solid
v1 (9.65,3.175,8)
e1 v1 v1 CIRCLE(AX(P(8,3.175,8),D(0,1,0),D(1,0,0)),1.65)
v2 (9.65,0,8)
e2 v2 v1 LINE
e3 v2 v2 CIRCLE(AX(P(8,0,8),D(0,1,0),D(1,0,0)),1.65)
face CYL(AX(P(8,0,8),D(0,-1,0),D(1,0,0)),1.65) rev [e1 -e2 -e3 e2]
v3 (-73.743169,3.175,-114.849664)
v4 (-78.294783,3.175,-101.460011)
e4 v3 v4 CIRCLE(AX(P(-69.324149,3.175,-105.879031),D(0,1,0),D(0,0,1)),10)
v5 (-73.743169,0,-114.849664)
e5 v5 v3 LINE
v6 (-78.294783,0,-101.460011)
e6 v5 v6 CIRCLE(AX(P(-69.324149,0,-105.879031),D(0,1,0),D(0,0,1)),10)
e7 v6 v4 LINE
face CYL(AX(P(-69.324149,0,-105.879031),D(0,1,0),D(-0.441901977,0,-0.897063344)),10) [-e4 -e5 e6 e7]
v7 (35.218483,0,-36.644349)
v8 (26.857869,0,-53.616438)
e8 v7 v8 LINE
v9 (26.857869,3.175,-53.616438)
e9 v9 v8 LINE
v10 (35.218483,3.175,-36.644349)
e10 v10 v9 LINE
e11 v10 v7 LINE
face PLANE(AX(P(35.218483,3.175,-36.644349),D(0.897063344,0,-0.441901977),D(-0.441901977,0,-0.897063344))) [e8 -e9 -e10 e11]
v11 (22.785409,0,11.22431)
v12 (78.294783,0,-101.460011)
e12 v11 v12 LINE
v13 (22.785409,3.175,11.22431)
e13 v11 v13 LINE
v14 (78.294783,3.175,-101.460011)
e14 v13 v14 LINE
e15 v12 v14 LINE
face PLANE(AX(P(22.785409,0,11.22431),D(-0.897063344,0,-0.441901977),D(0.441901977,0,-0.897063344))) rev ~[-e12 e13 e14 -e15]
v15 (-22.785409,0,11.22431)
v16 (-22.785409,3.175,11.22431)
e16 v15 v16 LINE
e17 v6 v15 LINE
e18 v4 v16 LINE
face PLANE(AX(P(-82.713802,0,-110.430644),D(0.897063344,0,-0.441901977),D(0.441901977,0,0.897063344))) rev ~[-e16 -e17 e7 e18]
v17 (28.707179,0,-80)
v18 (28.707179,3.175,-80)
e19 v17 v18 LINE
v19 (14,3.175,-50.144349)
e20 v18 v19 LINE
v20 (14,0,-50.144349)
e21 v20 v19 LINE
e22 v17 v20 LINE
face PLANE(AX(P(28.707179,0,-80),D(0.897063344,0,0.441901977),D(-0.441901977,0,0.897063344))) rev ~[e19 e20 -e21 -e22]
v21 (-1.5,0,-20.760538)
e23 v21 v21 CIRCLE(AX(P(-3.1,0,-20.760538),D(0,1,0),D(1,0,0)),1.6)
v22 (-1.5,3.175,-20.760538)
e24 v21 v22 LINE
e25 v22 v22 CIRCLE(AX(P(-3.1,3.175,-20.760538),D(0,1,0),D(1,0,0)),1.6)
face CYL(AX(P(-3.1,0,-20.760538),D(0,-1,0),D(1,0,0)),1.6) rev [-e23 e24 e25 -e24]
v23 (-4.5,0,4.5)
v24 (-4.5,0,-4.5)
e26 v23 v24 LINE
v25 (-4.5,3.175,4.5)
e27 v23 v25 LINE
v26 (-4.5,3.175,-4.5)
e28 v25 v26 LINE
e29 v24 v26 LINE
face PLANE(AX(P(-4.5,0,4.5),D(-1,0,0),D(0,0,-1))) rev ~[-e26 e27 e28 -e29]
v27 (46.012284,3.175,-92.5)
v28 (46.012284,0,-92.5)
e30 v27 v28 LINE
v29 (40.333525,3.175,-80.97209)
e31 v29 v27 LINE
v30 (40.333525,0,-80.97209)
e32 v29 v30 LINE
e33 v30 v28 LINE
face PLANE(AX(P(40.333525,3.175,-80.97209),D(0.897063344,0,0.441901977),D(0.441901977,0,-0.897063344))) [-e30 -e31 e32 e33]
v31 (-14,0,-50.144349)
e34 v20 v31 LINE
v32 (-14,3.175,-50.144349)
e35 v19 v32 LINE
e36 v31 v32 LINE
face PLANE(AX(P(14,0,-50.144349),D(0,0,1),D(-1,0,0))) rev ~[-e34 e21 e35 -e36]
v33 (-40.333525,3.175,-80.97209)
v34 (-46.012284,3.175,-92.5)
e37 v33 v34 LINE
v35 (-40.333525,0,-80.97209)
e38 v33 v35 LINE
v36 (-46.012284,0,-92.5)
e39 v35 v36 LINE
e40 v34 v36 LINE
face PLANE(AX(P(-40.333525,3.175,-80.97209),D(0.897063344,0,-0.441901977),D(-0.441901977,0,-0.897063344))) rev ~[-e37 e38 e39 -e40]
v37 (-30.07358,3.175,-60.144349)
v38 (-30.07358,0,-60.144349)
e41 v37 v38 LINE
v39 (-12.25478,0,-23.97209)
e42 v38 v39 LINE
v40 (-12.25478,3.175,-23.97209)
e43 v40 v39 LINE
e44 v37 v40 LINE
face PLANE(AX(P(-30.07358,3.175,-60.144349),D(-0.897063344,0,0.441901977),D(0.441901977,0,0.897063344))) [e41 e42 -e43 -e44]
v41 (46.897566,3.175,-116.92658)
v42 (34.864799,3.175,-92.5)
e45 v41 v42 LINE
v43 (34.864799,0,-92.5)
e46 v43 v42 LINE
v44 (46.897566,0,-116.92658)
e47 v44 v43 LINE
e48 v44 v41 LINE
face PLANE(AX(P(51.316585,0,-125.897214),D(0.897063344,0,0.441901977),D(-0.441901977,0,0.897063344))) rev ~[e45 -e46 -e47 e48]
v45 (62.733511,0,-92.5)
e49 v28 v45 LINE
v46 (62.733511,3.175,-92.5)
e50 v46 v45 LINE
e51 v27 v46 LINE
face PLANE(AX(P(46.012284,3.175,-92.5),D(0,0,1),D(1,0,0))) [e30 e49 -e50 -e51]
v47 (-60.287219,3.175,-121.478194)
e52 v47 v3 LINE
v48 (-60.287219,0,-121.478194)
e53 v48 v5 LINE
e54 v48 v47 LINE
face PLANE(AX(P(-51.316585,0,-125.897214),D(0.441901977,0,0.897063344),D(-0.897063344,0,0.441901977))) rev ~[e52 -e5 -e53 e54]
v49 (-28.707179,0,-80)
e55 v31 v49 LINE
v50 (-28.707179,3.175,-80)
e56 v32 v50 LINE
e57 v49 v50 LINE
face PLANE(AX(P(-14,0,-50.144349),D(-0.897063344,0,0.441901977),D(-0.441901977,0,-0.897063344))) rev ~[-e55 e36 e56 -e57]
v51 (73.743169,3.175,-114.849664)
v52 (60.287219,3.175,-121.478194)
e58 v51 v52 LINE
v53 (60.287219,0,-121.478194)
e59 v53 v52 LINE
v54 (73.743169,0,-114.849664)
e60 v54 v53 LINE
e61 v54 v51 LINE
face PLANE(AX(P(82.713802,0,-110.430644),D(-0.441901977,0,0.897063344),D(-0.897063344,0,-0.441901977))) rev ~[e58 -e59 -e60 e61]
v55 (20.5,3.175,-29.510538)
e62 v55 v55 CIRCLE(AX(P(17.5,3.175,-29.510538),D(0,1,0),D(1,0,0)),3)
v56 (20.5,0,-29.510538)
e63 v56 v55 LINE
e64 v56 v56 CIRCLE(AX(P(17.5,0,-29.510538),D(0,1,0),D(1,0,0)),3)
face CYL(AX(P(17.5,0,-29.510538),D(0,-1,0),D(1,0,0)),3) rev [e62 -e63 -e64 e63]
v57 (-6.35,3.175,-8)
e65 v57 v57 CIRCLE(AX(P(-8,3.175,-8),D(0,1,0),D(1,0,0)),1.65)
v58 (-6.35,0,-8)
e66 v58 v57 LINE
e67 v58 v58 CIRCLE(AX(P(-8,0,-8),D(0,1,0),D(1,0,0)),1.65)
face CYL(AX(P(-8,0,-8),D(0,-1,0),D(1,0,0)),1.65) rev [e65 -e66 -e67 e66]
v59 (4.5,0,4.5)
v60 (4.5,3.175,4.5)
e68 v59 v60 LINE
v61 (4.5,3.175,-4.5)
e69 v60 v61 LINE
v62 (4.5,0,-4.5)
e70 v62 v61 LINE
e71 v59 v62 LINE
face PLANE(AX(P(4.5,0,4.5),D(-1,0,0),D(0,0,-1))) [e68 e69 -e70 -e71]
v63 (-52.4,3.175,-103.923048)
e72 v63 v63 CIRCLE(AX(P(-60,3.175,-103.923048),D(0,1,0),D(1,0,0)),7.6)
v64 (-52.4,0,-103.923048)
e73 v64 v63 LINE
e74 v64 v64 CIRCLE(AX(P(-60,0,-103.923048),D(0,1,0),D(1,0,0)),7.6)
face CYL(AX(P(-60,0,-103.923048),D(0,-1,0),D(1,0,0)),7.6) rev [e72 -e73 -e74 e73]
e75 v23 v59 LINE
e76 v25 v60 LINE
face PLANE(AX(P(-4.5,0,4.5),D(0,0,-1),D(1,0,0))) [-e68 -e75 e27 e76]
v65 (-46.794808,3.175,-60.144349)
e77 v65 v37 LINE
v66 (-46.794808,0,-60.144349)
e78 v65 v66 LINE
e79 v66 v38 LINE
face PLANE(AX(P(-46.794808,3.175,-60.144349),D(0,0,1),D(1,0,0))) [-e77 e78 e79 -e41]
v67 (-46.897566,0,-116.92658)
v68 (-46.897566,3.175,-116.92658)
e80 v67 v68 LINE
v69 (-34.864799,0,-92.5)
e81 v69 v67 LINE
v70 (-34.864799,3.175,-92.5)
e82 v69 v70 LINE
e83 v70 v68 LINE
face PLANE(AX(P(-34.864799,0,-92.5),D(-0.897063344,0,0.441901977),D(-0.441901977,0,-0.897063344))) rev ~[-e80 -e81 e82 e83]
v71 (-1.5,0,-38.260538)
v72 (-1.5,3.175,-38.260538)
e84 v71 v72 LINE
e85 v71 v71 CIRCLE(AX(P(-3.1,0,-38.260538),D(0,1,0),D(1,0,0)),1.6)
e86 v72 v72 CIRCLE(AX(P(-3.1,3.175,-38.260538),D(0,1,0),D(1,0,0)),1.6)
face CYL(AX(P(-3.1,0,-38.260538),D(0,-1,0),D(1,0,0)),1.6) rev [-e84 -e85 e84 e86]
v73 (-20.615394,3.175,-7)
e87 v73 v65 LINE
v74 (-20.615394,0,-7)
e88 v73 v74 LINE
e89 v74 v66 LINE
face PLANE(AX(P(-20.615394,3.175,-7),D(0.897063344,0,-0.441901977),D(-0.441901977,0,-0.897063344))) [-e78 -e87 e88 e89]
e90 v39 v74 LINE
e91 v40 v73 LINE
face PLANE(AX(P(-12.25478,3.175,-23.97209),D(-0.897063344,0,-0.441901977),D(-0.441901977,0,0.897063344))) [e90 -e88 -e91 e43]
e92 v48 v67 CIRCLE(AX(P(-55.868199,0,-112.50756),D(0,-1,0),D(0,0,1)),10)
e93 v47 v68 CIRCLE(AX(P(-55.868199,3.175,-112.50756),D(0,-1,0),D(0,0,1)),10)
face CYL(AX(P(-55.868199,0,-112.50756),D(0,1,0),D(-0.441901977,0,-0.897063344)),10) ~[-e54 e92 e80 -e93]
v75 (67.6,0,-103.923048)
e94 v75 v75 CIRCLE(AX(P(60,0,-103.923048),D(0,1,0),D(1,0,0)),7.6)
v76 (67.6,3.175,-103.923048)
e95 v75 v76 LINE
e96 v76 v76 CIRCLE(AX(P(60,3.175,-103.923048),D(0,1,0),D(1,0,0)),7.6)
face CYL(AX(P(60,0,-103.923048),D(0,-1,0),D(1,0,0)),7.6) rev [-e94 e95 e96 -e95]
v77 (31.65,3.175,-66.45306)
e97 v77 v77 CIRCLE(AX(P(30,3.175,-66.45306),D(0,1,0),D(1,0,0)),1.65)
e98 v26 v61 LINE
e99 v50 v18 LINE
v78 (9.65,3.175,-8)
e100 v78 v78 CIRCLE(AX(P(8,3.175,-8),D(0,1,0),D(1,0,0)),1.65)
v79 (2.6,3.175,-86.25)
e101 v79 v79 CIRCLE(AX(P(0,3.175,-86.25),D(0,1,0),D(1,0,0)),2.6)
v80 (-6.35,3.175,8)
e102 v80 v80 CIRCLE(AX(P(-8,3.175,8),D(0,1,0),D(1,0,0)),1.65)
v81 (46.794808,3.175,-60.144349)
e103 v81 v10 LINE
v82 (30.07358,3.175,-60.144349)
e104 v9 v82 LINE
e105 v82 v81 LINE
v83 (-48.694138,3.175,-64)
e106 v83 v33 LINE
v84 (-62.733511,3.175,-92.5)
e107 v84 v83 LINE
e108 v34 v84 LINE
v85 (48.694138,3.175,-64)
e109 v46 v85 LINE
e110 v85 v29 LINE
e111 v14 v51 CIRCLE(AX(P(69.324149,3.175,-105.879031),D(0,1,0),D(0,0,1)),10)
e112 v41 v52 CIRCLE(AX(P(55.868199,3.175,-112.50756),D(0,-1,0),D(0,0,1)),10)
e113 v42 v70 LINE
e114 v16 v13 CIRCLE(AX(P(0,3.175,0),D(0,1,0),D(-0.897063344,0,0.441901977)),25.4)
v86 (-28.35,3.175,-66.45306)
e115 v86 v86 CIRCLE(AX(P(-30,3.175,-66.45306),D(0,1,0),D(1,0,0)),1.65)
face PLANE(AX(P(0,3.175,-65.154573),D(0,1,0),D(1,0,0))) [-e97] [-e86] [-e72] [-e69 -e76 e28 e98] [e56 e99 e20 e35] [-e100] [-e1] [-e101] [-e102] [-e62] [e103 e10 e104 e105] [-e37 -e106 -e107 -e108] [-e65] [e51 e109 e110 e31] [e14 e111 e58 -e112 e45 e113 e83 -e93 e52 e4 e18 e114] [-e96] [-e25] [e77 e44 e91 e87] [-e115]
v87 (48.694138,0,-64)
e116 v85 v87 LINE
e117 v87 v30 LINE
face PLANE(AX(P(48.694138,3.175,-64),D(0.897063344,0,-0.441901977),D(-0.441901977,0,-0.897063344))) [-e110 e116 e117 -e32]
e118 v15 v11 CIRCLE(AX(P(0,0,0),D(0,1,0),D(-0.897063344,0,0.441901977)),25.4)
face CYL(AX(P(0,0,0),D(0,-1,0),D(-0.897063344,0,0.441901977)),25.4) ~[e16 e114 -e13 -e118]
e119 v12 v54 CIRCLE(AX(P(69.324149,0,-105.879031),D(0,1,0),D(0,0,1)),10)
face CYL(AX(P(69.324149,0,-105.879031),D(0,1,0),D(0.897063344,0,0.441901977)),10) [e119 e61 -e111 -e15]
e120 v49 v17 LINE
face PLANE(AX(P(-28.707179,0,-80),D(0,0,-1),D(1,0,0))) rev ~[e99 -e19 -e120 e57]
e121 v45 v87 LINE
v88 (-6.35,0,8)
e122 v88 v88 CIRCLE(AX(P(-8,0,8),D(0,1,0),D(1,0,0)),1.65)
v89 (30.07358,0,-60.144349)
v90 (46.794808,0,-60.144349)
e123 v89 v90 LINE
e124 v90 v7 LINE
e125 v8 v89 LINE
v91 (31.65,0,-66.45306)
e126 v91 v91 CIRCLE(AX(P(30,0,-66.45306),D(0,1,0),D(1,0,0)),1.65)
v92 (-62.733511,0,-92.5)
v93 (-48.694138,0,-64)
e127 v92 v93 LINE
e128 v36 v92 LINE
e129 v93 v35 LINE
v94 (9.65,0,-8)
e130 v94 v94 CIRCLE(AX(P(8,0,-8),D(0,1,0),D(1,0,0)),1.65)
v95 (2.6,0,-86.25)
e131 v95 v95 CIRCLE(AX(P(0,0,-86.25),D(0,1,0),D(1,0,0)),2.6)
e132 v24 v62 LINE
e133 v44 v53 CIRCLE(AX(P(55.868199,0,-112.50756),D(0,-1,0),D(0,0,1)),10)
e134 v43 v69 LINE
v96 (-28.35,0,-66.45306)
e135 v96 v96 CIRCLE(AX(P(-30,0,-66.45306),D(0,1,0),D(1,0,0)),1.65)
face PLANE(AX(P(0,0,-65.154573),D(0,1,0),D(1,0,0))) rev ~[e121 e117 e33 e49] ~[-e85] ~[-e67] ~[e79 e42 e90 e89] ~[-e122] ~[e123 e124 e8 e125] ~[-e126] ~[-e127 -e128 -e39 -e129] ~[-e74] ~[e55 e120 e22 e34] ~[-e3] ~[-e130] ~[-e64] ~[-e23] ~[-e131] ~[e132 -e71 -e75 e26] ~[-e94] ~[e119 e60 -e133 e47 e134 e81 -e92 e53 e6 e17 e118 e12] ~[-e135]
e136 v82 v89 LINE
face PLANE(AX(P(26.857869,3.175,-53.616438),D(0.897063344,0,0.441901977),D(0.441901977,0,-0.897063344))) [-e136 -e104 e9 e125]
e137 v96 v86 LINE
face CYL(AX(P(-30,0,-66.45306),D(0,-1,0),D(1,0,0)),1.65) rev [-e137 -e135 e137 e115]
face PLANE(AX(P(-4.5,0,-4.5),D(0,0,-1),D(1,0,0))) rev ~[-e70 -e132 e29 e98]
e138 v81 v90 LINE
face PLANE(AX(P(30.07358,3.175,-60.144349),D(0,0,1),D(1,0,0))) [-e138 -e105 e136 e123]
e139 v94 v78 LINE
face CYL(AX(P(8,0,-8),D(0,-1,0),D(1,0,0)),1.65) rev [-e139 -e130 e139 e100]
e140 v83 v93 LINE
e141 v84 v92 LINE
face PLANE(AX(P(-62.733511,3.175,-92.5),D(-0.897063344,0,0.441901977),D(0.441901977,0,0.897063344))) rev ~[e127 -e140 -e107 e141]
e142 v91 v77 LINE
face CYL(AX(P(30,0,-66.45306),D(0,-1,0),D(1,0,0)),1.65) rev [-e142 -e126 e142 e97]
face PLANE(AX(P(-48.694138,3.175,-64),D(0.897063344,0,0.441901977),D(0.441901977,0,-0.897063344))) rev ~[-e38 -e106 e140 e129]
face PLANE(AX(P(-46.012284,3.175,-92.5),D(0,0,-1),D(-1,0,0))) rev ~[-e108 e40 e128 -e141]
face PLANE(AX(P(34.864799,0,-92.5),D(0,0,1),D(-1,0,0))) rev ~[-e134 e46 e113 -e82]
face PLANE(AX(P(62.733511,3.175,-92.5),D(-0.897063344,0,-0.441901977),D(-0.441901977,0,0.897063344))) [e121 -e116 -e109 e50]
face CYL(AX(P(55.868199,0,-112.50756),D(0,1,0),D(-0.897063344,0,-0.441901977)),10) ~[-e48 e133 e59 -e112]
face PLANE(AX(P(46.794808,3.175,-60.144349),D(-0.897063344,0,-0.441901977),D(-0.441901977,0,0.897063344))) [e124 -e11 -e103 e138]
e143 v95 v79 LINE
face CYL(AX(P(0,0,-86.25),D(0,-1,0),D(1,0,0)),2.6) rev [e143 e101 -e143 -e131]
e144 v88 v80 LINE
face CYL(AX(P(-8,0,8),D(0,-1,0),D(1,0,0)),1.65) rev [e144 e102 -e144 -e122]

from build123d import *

# Parameters (mm, degrees)
SKETCH1_R               = 1.65
SKETCH1_R_2             = 1.6
SKETCH1_W               = 9
SKETCH1_H               = 9
SKETCH1_R_3             = 3
SKETCH1_R_4             = 7.6
SKETCH1_R_5             = 2.6
BOSS_EXTRUDE1_DEPTH     = 3.175
FILLET1_R               = 10
CUT_EXTRUDE1_DEPTH      = 1
CUT_EXTRUDE1_DEPTH_BACK = 4.175


with BuildPart() as part:
    # Sketch1 → Boss-Extrude1 (new body)
    with BuildSketch(Plane(origin=(0, 0, 0), x_dir=(1, 0, 0), z_dir=(0, 1, 0))):
        with BuildLine():
            Line((-51.31658538, 125.897213638), (-82.713802404, 110.430644428))
            Line((-82.713802404, 110.430644428), (-22.785408926, -11.224310227))
            ThreePointArc((-22.785408926, -11.224310227), (0, -25.4), (22.785408926, -11.224310227))
            Line((22.785408926, -11.224310227), (82.713802404, 110.430644428))
            Line((82.713802404, 110.430644428), (51.31658538, 125.897213638))
            Line((51.31658538, 125.897213638), (34.864798721, 92.5))
            Line((34.864798721, 92.5), (-34.864798721, 92.5))
            Line((-34.864798721, 92.5), (-51.31658538, 125.897213638))
        make_face()
        Polygon((-28.707179242, 80), (28.707179242, 80), (14, 50.144348614), (-14, 50.144348614), align=None, mode=Mode.SUBTRACT)
        with Locations((-8, -8)):
            Circle(SKETCH1_R, mode=Mode.SUBTRACT)
        with Locations((-8, 8)):
            Circle(SKETCH1_R, mode=Mode.SUBTRACT)
        with Locations((-3.1, 20.76053754)):
            Circle(SKETCH1_R_2, mode=Mode.SUBTRACT)
        with Locations((8, -8)):
            Circle(SKETCH1_R, mode=Mode.SUBTRACT)
        Rectangle(SKETCH1_W, SKETCH1_H, mode=Mode.SUBTRACT)
        with Locations((8, 8)):
            Circle(SKETCH1_R, mode=Mode.SUBTRACT)
        with Locations((17.5, 29.51053754)):
            Circle(SKETCH1_R_3, mode=Mode.SUBTRACT)
        with Locations((-30, 66.453060464)):
            Circle(SKETCH1_R, mode=Mode.SUBTRACT)
        with Locations((-60, 103.923048454)):
            Circle(SKETCH1_R_4, mode=Mode.SUBTRACT)
        with Locations((30, 66.453060464)):
            Circle(SKETCH1_R, mode=Mode.SUBTRACT)
        with Locations((60, 103.923048454)):
            Circle(SKETCH1_R_4, mode=Mode.SUBTRACT)
        with Locations((0, 86.25)):
            Circle(SKETCH1_R_5, mode=Mode.SUBTRACT)
        with Locations((-3.1, 38.26053754)):
            Circle(SKETCH1_R_2, mode=Mode.SUBTRACT)
    extrude(amount=BOSS_EXTRUDE1_DEPTH)

    # Fillet1
    fillet1_edges = [part.edges().sort_by_distance(p)[0] for p in [
        (51.31658538, 1.5875, -125.897213638),
        (82.713802404, 1.5875, -110.430644428),
        (-82.713802404, 1.5875, -110.430644428),
        (-51.31658538, 1.5875, -125.897213638),
    ]]
    fillet(fillet1_edges, radius=FILLET1_R)

    # Sketch2 → Cut-Extrude1 (cut, two sides)
    with BuildSketch(Plane(origin=(0, 3.175, 0), x_dir=(1, 0, 0), z_dir=(0, 1, 0))) as cut_extrude1_sk:
        Polygon((-46.79480762, 60.144348614), (-30.073580398, 60.144348614), (-12.254779912, 23.972089701), (-20.615393523, 7), align=None)
        Polygon((-62.733510758, 92.5), (-48.694138346, 64), (-40.333524735, 80.972089701), (-46.012283536, 92.5), align=None)
        Polygon((30.073580398, 60.144348614), (46.79480762, 60.144348614), (35.218483, 36.644348614), (26.857869389, 53.616438315), align=None)
        Polygon((46.012283536, 92.5), (62.733510758, 92.5), (48.694138346, 64), (40.333524735, 80.972089701), align=None)
    extrude(amount=CUT_EXTRUDE1_DEPTH, mode=Mode.SUBTRACT)
    extrude(cut_extrude1_sk.sketch, amount=-CUT_EXTRUDE1_DEPTH_BACK, mode=Mode.SUBTRACT)


solid = part.part
